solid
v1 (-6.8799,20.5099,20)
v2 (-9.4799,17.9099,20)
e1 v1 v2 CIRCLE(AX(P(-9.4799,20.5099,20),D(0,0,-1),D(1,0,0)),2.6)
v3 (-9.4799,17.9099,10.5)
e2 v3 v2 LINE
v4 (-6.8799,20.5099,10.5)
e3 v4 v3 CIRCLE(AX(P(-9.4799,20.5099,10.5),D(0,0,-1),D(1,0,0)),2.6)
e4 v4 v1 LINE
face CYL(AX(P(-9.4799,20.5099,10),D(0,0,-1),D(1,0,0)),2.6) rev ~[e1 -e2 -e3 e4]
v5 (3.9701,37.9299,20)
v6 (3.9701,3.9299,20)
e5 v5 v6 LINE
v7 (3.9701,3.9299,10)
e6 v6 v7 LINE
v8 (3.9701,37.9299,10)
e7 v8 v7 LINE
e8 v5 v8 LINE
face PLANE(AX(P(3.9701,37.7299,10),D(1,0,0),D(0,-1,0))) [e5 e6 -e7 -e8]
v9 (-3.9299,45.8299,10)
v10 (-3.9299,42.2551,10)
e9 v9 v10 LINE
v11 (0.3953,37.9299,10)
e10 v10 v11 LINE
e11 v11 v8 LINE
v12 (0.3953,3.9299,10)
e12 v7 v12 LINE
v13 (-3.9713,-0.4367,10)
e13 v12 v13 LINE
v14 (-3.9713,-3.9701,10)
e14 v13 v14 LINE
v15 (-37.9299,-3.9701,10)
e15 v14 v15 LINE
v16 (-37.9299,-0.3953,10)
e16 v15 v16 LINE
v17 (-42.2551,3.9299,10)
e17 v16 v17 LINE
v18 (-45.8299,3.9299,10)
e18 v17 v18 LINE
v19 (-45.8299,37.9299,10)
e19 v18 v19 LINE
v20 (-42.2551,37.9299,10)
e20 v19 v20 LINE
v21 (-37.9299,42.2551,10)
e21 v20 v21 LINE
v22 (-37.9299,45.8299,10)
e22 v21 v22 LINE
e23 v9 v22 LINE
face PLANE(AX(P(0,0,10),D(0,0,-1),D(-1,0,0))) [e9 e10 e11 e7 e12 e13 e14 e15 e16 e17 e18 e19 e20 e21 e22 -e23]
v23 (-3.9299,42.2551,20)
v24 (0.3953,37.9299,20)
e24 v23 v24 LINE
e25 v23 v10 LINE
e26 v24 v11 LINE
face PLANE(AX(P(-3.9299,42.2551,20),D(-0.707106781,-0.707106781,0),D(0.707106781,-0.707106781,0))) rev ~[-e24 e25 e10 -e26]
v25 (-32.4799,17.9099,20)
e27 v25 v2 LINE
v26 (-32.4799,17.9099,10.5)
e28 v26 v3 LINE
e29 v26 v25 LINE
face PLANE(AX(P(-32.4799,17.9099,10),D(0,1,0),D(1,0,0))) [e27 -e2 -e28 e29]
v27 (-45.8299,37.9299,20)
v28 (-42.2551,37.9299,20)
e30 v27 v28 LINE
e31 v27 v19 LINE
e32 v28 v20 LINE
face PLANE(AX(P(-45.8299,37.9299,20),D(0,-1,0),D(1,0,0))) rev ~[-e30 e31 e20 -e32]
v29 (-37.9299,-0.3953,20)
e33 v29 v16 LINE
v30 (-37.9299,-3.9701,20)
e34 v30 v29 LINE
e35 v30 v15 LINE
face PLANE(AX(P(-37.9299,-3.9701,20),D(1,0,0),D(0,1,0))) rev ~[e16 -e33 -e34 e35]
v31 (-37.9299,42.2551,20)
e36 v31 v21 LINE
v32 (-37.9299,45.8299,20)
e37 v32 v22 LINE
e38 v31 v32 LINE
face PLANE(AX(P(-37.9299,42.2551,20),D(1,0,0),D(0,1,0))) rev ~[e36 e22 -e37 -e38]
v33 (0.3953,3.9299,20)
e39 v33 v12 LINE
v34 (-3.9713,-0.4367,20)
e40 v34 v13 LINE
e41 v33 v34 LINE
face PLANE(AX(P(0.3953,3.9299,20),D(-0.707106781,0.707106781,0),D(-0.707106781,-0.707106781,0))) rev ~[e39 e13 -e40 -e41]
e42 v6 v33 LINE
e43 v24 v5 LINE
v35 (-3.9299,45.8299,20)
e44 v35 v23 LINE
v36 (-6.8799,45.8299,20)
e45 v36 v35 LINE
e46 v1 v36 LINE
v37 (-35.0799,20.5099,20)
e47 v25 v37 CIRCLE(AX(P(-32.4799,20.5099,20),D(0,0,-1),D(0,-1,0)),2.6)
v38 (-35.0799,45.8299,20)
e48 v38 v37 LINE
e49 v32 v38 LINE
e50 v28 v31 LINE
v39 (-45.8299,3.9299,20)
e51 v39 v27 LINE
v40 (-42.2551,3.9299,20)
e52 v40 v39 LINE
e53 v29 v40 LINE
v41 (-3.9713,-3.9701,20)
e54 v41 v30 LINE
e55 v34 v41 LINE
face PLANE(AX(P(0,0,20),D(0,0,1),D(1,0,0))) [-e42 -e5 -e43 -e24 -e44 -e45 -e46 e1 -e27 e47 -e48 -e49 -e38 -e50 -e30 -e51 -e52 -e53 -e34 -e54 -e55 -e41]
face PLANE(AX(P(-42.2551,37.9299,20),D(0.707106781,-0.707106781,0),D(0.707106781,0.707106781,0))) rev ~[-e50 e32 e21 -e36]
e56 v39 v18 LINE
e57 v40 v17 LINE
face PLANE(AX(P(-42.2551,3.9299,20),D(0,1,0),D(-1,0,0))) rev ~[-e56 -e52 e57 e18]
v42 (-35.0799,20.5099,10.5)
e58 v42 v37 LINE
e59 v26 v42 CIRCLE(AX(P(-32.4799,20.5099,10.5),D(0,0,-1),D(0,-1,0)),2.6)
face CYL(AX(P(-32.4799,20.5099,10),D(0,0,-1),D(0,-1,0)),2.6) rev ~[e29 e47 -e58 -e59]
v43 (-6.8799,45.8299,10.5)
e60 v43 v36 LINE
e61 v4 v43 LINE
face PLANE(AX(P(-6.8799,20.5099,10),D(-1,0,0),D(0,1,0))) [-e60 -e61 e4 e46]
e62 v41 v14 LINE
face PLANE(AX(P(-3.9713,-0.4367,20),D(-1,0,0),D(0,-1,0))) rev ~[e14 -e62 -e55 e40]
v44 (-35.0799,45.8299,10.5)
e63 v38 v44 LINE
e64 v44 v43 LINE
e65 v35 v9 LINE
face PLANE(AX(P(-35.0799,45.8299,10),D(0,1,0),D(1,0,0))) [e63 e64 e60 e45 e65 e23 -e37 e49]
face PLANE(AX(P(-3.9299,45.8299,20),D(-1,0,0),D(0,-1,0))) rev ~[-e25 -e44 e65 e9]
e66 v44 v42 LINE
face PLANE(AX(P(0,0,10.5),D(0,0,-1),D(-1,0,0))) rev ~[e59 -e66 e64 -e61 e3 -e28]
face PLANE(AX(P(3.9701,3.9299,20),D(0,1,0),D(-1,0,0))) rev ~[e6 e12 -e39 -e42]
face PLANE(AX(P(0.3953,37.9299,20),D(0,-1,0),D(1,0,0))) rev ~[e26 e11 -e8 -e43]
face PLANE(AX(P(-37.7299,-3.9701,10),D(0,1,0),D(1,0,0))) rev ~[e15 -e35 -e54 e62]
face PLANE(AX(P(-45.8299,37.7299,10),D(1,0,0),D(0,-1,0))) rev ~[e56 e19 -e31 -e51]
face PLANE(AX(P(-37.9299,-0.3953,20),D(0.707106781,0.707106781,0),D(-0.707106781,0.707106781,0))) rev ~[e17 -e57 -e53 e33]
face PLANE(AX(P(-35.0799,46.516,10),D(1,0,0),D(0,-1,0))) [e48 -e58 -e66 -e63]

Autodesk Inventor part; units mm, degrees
ref_plane "YZ Plane" through (0, 0, 0) normal (1, 0, 0) x (0, 1, 0)
ref_plane "XZ Plane" through (0, 0, 0) normal (0, 1, 0) x (-1, 0, 0)
ref_plane "XY Plane" through (0, 0, 0) normal (0, 0, 1) x (1, 0, 0)
ref_plane "Work Plane5" through (0, 0, 10) normal (0, 0, 1) x (1, 0, 0)
sketch "Sketch1" plane through (0, 0, 10) normal (0, 0, 1) x (1, 0, 0)
  line L0 (-4.0299, -0.3538) -> (-2.2322, 1.4439) construction
  arc A0 (-1.4439, 2.2322) -> (-2.2322, 1.4439) centre (-0.9299, 0.9299) ccw construction
  line L1 (-1.4439, 2.2322) -> (0.3538, 4.0299) construction
  line L2 (-37.8299, 42.8299) -> (-37.8299, 37.8299) construction
  line L3 (-37.8299, 37.8299) -> (-42.9208, 37.8299) construction
  line L4 (-37.8299, 42.2137) -> (-37.8299, 45.8299) construction
  line L5 (-37.8299, 45.8299) -> (-4.0299, 45.8299) construction
  line L6 (-4.0299, 45.8299) -> (-4.0299, 42.2137) construction
  line L7 (-4.0299, 4.0299) -> (0.3538, 4.0299) projected
  circle A1 centre (-20.9299, 20.9299) radius 17.5 projected
  line L8 (-20.9299, 58.9723) -> (17.1124, 20.9299) construction
  line L9 (17.1124, 20.9299) -> (-20.9299, -17.1124) construction
  line L10 (-20.9299, -17.1124) -> (-58.9723, 20.9299) construction
  line L11 (-58.9723, 20.9299) -> (-20.9299, 58.9723) construction
  line L12 (-20.9299, 58.9723) -> (-20.9299, -17.1124) construction
  line L13 (17.1124, 20.9299) -> (-58.9723, 20.9299) construction
  line L14 (-20.9299, 58.9723) -> (32.8701, 58.9723) construction
  line L15 (-43.4299, 43.4299) -> (1.5701, 43.4299) construction
  line L16 (1.5701, 43.4299) -> (1.5701, -1.5701) construction
  line L17 (1.5701, -1.5701) -> (-43.4299, -1.5701) construction
  line L18 (-43.4299, -1.5701) -> (-43.4299, 43.4299) construction
  line L19 (-43.4299, 43.4299) -> (1.5701, -1.5701) construction
  line L20 (1.5701, 43.4299) -> (-43.4299, -1.5701) construction
  line L21 (-43.4299, 5.3876) -> (-43.4299, 36.4723)
  line L22 (-43.4299, 36.4723) -> (-36.4723, 43.4299)
  line L23 (-36.4723, 43.4299) -> (-5.3876, 43.4299)
  line L24 (-5.3876, 43.4299) -> (1.5701, 36.4723)
  line L25 (1.5701, 36.4723) -> (1.5701, 5.3876)
  line L26 (1.5701, 5.3876) -> (-5.3876, -1.5701)
  line L27 (-5.3876, -1.5701) -> (-36.4723, -1.5701)
  line L28 (-36.4723, -1.5701) -> (-43.4299, 5.3876)
  line L29 (-4.0299, 42.2137) -> (-37.8299, 42.2137) projected
  line L30 (-4.0299, -0.3538) -> (-4.0299, 4.0299) projected
  circle A2 centre (-20.9299, 20.9299) radius 1.5
  line L31 (-10.9299, 10.9299) -> (-30.9299, 10.9299) construction
  line L32 (-30.9299, 10.9299) -> (-30.9299, 30.9299) construction
  line L33 (-30.9299, 30.9299) -> (-10.9299, 30.9299) construction
  line L34 (-10.9299, 30.9299) -> (-10.9299, 10.9299) construction
  line L35 (-10.9299, 10.9299) -> (-30.9299, 30.9299) construction
  line L36 (-30.9299, 10.9299) -> (-10.9299, 30.9299) construction
  circle A3 centre (-30.9299, 30.9299) radius 1.4
  circle A4 centre (-30.9299, 10.9299) radius 1.4
  circle A5 centre (-10.9299, 10.9299) radius 1.4
  line L37 (-45.8299, 37.8299) -> (-42.0723, 37.8299) construction
  line L38 (-42.1723, 37.7299) -> (-45.8299, 37.7299)
  line L39 (-45.8299, 37.7299) -> (-45.8299, 4.1299)
  line L40 (-45.8299, 4.1299) -> (-42.1723, 4.1299)
  line L41 (-42.1723, 4.1299) -> (-42.1723, 37.7299)
  line L42 (-45.8299, 4.0299) -> (-42.0723, 4.0299) construction
  line L43 (-45.8299, 37.8299) -> (-42.0723, 37.8299) projected
  line L44 (-37.7299, 45.8299) -> (-4.1299, 45.8299)
  line L45 (-4.1299, 45.8299) -> (-4.1299, 42.1723)
  line L46 (-4.1299, 42.1723) -> (-37.7299, 42.1723)
  line L47 (-37.7299, 42.1723) -> (-37.7299, 45.8299)
  line L48 (0.4701, 37.8299) -> (0.4701, 4.0299) construction
  line L49 (0.4701, 4.0299) -> (3.9701, 4.0299) construction
  line L50 (3.9701, 37.8299) -> (3.9701, 4.0299) construction
  line L51 (0.4701, 37.8299) -> (3.9701, 37.8299) construction
  line L52 (-45.8299, -3.9701) -> (-4.0299, -3.9701) construction
  line L53 (0.3124, 37.7299) -> (3.9701, 37.7299)
  line L54 (3.9701, 37.7299) -> (3.9701, 4.1299)
  line L55 (3.9701, 4.1299) -> (0.3124, 4.1299)
  line L56 (0.3124, 4.1299) -> (0.3124, 37.7299)
  line L57 (-4.1713, -0.3538) -> (-37.7299, -0.3538)
  line L58 (-37.7299, -0.3538) -> (-37.7299, -3.9701)
  line L59 (-37.7299, -3.9701) -> (-4.1713, -3.9701)
  line L60 (-4.1713, -3.9701) -> (-4.1713, -0.3538)
  point P0 (-37.8299, 4.0299)
  dimension "d18" = 53.8
  dimension "d19" = 45
  dimension "d20" = 53.8
  dimension "d21" = 45
  dimension "d22" = 45
  dimension "d30" = 20
  dimension "d31" = 20
  dimension "d32" = 2.8
  dimension "d33" = 2.8
  dimension "d34" = 2.8
  dimension "d35" = 3
  dimension "d36" = 0.1
  dimension "d37" = 0.1
  dimension "d38" = 0.1
  dimension "d39" = 0.1
extrude "Extrusion1" add sketch "Sketch1" along normal blind 10 contours L30 L26 L57 L28 L41 L22 L46 L24 L56 L7 | L7 L26 L30 | L56 L24 L25 L26 | L26 L25 L24 L53 L54 L55 | L60 L59 L58 L57 L28 L27 L26 | L26 L27 L28 L57 | L46 L22 L29 L24 | L24 L29 L45 | L40 L39 L38 L22 L21 L28 | L28 L21 L22 L41 | L29 L22 L23 L24 | L24 L23 L22 L29 L47 L44 L45 | L47 L29 L22 | A1 | A2 | A3 | A4 | A5
sketch "Skizze4" plane through (0, 0, 20) normal (0, 0, 1) x (1, 0, 0)
  line L0 (-37.7299, 42.1723) -> (-42.1723, 37.7299) projected
  line L1 (-42.1723, 37.7299) -> (-45.8299, 37.7299) projected
  line L2 (-45.8299, 37.7299) -> (-45.8299, 4.1299) construction
  line L3 (-45.8299, 4.1299) -> (-42.1723, 4.1299) projected
  line L4 (-42.1723, 4.1299) -> (-37.6885, -0.3538) projected
  line L5 (-37.6885, -0.3538) -> (-37.7299, -0.3538) projected
  line L6 (-37.7299, -0.3538) -> (-37.7299, -3.9701) projected
  line L7 (-37.7299, -3.9701) -> (-4.1713, -3.9701) construction
  line L8 (-4.1713, -3.9701) -> (-4.1713, -0.3538) projected
  line L9 (-4.1713, -0.3538) -> (0.3124, 4.1299) projected
  line L10 (0.3124, 4.1299) -> (3.9701, 4.1299) projected
  line L11 (3.9701, 4.1299) -> (3.9701, 37.7299) construction
  line L12 (3.9701, 37.7299) -> (0.3124, 37.7299) projected
  line L13 (0.3124, 37.7299) -> (-4.1299, 42.1723) projected
  line L14 (-4.1299, 42.1723) -> (-4.1299, 45.8299) projected
  line L15 (-4.1299, 45.8299) -> (-37.7299, 45.8299) construction
  line L16 (-37.7299, 45.8299) -> (-37.7299, 42.1723) projected
  line L17 (-37.9299, 46.0299) -> (-3.9299, 46.0299) construction
  line L18 (-3.9299, 46.0299) -> (-3.9299, 42.2551)
  line L19 (-3.9299, 42.2551) -> (0.3953, 37.9299)
  line L20 (0.3953, 37.9299) -> (4.1701, 37.9299)
  line L21 (4.1701, 37.9299) -> (4.1701, 3.9299) construction
  line L22 (4.1701, 3.9299) -> (0.3953, 3.9299)
  line L23 (0.3953, 3.9299) -> (-3.9713, -0.4367)
  line L24 (-3.9713, -0.4367) -> (-3.9713, -4.1701)
  line L25 (-3.9713, -4.1701) -> (-37.9299, -4.1701) construction
  line L26 (-37.9299, -4.1701) -> (-37.9299, -0.3953)
  line L27 (-37.9299, -0.3953) -> (-42.2551, 3.9299)
  line L28 (-42.2551, 3.9299) -> (-46.0299, 3.9299)
  line L29 (-46.0299, 3.9299) -> (-46.0299, 37.9299) construction
  line L30 (-46.0299, 37.9299) -> (-42.2551, 37.9299)
  line L31 (-42.2551, 37.9299) -> (-37.9299, 42.2551)
  line L32 (-37.9299, 42.2551) -> (-37.9299, 46.0299)
  line L33 (-45.8299, 37.7299) -> (-45.8299, 37.9299)
  line L34 (-4.1299, 45.8299) -> (-37.7299, 45.8299) projected
  line L35 (-37.7299, 45.8299) -> (-37.9299, 45.8299)
  line L36 (-4.1299, 45.8299) -> (-3.9299, 45.8299)
  line L37 (3.9701, 37.7299) -> (3.9701, 37.9299)
  line L38 (3.9701, 4.1299) -> (3.9701, 37.7299) projected
  line L39 (3.9701, 4.1299) -> (3.9701, 3.9299)
  line L40 (-4.1713, -3.9701) -> (-3.9713, -3.9701)
  line L41 (-37.7299, -3.9701) -> (-37.9299, -3.9701)
  line L42 (-45.8299, 4.1299) -> (-45.8299, 3.9299)
  point P0 (0, 0)
  dimension "d40" = 0.2
extrude "IM_offset" add sketch "Skizze4" against normal up to surface (10 mm away)
sketch "Sketch29" plane through (0, 0, 10) normal (0, 0, -1) x (-1, 0, 0)
  arc A0 (32.4799, 17.9099) -> (35.0799, 20.5099) centre (32.4799, 20.5099) ccw
  arc A1 (9.4799, 46.1099) -> (6.8799, 43.5099) centre (9.4799, 43.5099) ccw
  arc A2 (35.0799, 43.5099) -> (32.4799, 46.1099) centre (32.4799, 43.5099) ccw
  arc A3 (6.8799, 20.5099) -> (9.4799, 17.9099) centre (9.4799, 20.5099) ccw
  line L0 (35.0799, 17.9099) -> (6.8799, 17.9099)
  line L1 (6.8799, 17.9099) -> (6.8799, 46.516)
  line L2 (6.8799, 46.516) -> (35.0799, 46.516)
  line L3 (35.0799, 46.516) -> (35.0799, 17.9099)
  line L4 (35.2799, 17.7099) -> (6.6799, 17.7099)
  line L5 (6.6799, 17.7099) -> (6.6799, 46.716)
  line L6 (6.6799, 46.716) -> (35.2799, 46.716)
  line L7 (35.2799, 46.716) -> (35.2799, 17.7099)
  point P0 (0, 0)
  point P1 (6.8799, 20.5099)
  point P2 (9.4799, 17.9099)
  point P3 (32.4799, 17.9099)
  point P4 (35.0799, 20.5099)
  dimension "d171" = 0.2
extrude "Extrusion23" cut sketch "Sketch29" against normal blind 10 contours L0 A3 L1 L2 L3 A0
sketch "Sketch30" plane through (0, 0, 10) normal (0, 0, -1) x (-1, 0, 0)
  line L0 (35.0799, 45.8299) -> (35.0799, 20.5099) projected
  arc A0 (32.4799, 17.9099) -> (35.0799, 20.5099) centre (32.4799, 20.5099) ccw projected
  line L1 (32.4799, 17.9099) -> (9.4799, 17.9099) projected
  arc A1 (6.8799, 20.5099) -> (9.4799, 17.9099) centre (9.4799, 20.5099) ccw projected
  line L2 (6.8799, 20.5099) -> (6.8799, 45.8299) projected
  line L3 (6.8799, 45.8299) -> (3.9299, 45.8299) projected
  line L4 (3.9299, 45.8299) -> (3.9299, 42.2551) projected
  line L5 (3.9299, 42.2551) -> (-0.3953, 37.9299) projected
  line L6 (-0.3953, 37.9299) -> (-3.9701, 37.9299) projected
  line L7 (-3.9701, 37.9299) -> (-3.9701, 3.9299) projected
  line L8 (-3.9701, 3.9299) -> (-0.3953, 3.9299) projected
  line L9 (-0.3953, 3.9299) -> (3.9713, -0.4367) projected
  line L10 (3.9713, -0.4367) -> (3.9713, -3.9701) projected
  line L11 (3.9713, -3.9701) -> (37.9299, -3.9701) projected
  line L12 (37.9299, -3.9701) -> (37.9299, -0.3953) projected
  line L13 (37.9299, -0.3953) -> (42.2551, 3.9299) projected
  line L14 (42.2551, 3.9299) -> (45.8299, 3.9299) projected
  line L15 (45.8299, 3.9299) -> (45.8299, 37.9299) projected
  line L16 (45.8299, 37.9299) -> (42.2551, 37.9299) projected
  line L17 (42.2551, 37.9299) -> (37.9299, 42.2551) projected
  line L18 (37.9299, 42.2551) -> (37.9299, 45.8299) projected
  line L19 (37.9299, 45.8299) -> (35.0799, 45.8299) projected
  line L20 (37.9299, 45.8299) -> (35.0799, 45.8299) projected
  line L21 (6.8799, 20.5099) -> (6.8799, 45.8299) projected
  line L22 (35.0799, 45.8299) -> (6.8799, 45.8299)
  point P0 (0, 0)
extrude "Extrusion24" add sketch "Sketch30" against normal blind 0.5 contours L0 A0 L1 A1 L2 L22
ref_plane "Arbeitsebene7" through (-20.9299, 3.9299, 10) normal (-1, 0, 0) x (0, 0, 1)
ref_plane "Arbeitsebene8" through (-37.9299, 20.9299, 10) normal (0, 1, 0) x (1, 0, 0)
ref_plane "Arbeitsebene9" through (-20.9299, 3.9299, 10) normal (-1, 0, 0) x (0, 0, 1)
ref_plane "Arbeitsebene10" through (-37.9299, 20.9299, 10) normal (0, -1, 0) x (1, 0, 0)
properties part number "20_Cube_Insert_Fiber_STMount_Center"
